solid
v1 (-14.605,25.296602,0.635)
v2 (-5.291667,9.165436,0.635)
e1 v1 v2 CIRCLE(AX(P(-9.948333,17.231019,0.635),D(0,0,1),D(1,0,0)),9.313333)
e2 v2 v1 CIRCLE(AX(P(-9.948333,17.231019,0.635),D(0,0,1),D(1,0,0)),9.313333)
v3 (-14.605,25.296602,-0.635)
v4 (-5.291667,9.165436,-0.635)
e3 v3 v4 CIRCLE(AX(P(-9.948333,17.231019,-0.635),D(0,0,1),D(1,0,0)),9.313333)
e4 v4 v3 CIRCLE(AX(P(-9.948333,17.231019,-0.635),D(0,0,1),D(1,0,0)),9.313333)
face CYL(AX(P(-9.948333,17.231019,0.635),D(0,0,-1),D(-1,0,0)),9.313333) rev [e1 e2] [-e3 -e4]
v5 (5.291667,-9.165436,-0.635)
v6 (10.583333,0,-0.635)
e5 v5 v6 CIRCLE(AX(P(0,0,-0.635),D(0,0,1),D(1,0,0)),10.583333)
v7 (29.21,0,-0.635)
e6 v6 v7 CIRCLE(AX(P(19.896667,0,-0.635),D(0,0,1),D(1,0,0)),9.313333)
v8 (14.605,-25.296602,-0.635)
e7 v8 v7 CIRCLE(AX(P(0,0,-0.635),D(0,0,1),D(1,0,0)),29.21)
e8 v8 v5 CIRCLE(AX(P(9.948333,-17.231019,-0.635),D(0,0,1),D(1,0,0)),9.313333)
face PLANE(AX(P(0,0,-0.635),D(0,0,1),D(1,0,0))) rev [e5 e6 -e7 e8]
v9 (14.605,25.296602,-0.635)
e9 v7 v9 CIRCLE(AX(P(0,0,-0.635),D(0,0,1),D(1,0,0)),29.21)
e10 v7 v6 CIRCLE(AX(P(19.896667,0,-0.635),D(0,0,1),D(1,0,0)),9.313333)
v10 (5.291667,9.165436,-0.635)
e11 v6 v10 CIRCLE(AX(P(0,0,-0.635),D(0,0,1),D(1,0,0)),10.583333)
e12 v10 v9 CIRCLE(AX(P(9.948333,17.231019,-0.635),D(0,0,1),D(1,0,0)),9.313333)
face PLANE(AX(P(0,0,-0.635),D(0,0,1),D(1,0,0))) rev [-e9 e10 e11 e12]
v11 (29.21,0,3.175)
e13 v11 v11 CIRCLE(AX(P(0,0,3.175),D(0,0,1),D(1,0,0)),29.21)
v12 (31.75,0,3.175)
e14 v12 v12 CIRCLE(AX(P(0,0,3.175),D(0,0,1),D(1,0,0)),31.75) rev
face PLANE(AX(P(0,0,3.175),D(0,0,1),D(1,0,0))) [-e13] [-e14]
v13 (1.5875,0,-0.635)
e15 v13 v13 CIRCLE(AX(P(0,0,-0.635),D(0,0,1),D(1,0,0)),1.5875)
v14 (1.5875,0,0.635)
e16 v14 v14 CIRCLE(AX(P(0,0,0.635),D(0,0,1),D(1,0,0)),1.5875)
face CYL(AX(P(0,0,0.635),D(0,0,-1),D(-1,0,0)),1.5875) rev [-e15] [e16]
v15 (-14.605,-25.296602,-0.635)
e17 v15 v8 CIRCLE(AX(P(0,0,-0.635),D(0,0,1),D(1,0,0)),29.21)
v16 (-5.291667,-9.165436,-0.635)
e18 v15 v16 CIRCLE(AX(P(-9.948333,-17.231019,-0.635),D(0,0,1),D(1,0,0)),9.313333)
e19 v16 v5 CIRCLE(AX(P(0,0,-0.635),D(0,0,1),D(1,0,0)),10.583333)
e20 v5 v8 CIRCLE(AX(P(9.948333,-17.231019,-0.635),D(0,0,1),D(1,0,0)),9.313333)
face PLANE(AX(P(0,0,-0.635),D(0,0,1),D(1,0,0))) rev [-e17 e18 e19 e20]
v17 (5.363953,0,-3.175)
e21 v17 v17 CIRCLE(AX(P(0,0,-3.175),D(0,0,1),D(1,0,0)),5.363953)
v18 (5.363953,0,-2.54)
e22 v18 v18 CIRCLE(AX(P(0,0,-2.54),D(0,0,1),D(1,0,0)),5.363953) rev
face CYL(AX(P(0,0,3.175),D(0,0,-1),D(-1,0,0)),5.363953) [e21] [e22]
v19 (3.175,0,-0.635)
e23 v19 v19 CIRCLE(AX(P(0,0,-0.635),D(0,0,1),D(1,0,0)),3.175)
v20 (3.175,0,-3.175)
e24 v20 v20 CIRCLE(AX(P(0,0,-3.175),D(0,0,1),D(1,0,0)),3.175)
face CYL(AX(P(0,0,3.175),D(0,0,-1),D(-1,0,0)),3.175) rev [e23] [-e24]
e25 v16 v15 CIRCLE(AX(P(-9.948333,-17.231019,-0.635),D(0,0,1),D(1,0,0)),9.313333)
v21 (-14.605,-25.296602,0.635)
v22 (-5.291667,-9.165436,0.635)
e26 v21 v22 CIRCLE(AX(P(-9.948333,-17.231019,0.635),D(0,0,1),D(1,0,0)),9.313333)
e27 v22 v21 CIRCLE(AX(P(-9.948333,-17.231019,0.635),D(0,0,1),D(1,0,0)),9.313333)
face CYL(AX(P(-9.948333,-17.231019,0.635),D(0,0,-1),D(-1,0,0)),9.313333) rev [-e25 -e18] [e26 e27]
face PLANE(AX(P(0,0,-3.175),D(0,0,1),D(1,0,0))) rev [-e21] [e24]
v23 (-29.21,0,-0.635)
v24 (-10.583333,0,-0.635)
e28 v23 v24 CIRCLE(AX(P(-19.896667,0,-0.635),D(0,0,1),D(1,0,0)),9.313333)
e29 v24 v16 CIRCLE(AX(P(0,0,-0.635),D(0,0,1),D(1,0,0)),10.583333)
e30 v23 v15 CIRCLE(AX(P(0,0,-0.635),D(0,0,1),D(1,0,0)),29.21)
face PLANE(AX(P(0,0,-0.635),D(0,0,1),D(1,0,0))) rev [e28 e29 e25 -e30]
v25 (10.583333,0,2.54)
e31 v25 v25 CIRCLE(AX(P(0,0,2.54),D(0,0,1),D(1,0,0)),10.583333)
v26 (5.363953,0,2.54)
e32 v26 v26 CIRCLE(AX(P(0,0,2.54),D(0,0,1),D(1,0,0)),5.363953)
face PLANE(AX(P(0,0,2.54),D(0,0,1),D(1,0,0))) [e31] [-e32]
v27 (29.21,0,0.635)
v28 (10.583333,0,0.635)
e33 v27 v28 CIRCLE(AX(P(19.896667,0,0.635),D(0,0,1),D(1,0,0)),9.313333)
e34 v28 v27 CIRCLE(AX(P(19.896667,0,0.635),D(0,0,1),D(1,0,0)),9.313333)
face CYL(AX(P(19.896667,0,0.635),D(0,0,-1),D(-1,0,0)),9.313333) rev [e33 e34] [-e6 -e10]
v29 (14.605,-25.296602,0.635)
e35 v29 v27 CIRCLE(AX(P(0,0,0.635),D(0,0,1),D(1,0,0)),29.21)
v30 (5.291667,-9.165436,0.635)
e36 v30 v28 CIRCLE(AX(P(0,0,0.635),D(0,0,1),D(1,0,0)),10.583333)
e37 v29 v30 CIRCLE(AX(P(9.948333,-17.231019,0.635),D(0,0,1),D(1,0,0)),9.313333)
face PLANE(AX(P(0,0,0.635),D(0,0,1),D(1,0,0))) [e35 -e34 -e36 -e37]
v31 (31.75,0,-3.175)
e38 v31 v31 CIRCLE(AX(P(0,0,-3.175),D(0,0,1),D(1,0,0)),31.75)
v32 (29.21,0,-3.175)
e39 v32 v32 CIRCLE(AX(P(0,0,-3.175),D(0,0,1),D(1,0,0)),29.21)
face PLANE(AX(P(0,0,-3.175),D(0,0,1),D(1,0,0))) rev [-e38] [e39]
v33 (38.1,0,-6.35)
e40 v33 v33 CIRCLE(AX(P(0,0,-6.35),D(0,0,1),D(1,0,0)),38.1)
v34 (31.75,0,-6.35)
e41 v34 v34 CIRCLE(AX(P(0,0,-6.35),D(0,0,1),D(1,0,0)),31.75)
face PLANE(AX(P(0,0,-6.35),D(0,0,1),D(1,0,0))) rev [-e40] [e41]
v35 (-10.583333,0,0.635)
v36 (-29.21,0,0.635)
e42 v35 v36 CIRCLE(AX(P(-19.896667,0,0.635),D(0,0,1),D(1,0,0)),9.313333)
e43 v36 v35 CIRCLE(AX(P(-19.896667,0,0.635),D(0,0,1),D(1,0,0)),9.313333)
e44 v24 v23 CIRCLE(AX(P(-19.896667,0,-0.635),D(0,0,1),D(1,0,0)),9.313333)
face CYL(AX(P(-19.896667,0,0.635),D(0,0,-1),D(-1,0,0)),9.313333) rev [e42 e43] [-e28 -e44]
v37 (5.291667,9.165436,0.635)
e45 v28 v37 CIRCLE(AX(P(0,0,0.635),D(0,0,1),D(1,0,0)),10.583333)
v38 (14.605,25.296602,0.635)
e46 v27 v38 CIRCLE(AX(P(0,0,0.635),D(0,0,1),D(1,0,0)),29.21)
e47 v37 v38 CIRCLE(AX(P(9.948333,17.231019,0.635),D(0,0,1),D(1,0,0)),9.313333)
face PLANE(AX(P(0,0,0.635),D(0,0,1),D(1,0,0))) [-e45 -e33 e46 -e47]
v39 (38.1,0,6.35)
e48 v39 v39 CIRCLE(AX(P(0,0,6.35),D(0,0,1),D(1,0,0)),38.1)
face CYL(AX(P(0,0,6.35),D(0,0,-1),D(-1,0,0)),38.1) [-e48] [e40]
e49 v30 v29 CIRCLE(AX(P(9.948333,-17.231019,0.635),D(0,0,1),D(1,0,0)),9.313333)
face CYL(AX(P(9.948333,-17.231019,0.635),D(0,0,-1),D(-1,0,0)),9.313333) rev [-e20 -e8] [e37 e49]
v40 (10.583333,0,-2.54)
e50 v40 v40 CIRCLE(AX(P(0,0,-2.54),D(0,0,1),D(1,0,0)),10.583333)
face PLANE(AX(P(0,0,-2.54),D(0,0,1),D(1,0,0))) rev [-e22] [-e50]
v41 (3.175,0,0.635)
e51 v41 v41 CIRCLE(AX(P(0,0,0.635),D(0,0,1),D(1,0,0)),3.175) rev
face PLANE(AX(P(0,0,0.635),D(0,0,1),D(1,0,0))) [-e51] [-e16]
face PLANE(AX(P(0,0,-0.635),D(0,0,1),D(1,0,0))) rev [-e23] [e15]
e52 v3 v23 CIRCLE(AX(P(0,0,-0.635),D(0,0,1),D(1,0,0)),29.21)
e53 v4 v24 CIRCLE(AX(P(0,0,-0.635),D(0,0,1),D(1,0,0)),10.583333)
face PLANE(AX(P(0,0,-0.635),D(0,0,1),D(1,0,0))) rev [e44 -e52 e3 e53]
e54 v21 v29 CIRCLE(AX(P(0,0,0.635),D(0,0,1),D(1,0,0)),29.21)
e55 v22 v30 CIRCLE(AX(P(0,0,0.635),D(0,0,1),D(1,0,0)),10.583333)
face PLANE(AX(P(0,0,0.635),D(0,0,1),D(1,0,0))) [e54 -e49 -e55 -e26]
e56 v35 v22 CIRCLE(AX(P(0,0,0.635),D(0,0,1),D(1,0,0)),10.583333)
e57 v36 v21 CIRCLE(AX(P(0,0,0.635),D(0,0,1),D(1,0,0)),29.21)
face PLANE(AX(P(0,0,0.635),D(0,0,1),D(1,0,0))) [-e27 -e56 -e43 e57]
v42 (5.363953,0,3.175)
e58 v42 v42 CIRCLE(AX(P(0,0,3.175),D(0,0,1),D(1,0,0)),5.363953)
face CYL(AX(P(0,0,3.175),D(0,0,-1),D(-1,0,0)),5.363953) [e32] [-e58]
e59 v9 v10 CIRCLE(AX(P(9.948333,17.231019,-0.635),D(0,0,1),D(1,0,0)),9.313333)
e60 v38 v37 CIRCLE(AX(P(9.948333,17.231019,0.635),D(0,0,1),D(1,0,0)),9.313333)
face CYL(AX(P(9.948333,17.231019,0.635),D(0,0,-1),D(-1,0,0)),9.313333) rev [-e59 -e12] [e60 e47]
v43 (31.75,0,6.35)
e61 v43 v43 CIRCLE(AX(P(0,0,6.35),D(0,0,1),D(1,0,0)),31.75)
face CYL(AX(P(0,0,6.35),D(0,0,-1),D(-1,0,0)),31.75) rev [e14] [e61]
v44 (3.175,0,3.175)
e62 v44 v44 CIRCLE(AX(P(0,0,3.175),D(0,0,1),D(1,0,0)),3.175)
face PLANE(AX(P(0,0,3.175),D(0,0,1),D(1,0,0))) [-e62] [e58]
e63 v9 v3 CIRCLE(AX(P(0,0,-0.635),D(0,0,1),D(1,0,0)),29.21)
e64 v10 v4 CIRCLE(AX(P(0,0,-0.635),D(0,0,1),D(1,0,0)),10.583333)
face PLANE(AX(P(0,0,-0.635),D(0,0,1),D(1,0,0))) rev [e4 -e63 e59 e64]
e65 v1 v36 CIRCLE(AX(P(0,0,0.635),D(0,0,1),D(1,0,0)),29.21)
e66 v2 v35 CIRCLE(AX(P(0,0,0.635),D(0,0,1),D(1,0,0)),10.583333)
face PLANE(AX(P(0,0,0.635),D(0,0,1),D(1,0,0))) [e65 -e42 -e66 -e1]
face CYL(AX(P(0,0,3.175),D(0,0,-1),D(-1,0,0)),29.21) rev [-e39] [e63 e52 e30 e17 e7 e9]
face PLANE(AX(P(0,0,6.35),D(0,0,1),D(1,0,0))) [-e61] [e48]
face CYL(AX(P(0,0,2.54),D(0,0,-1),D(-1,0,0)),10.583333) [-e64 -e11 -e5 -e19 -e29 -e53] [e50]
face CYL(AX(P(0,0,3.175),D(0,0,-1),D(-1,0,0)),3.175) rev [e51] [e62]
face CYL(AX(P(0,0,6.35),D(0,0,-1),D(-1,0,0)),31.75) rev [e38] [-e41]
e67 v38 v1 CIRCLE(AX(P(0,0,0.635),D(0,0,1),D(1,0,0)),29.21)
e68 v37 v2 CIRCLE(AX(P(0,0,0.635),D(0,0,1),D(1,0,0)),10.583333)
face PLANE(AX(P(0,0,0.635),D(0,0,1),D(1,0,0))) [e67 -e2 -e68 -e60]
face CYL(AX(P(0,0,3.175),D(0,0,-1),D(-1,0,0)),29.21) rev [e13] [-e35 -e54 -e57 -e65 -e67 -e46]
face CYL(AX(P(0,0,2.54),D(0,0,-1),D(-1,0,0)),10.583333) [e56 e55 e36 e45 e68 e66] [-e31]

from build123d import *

# Parameters (mm, degrees)
SKETCH1_R             = 3.175
SKETCH1_R_2           = 1.5875
BOSS_EXTRUDE1_DEPTH   = 0.635
BOSS_EXTRUDE1_2_DEPTH = 0.635
BOSS_EXTRUDE1_3_DEPTH = 0.635
BOSS_EXTRUDE1_4_DEPTH = 0.635
BOSS_EXTRUDE1_5_DEPTH = 0.635
BOSS_EXTRUDE1_6_DEPTH = 0.635
BOSS_EXTRUDE1_7_DEPTH = 0.635
SKETCH1_3_R           = 31.75
SKETCH1_3_R_2         = 29.21
SKETCH1_3_R_3         = 5.363953164
SKETCH1_3_R_4         = 3.175
BOSS_EXTRUDE2_DEPTH   = 3.175
SKETCH1_4_R           = 5.363953164
BOSS_EXTRUDE4_DEPTH   = 2.54
SKETCH1_5_R           = 38.1
SKETCH1_5_R_2         = 31.75
BOSS_EXTRUDE5_DEPTH   = 6.35


with BuildPart() as part:
    # Sketch1 → Boss-Extrude1 (new, symmetric)
    with BuildSketch(Plane.XY):
        Circle(SKETCH1_R)
        Circle(SKETCH1_R_2, mode=Mode.SUBTRACT)
    extrude(amount=BOSS_EXTRUDE1_DEPTH, both=True)



with BuildPart() as body_2:
    # Sketch1 → Boss-Extrude1 2 (new, symmetric)
    with BuildSketch(Plane.XY):
        with BuildLine():
            ThreePointArc((29.21, 0), (19.896666667, -9.313333333), (10.583333333, 0))
            ThreePointArc((10.583333333, 0), (9.165435588, -5.291666555), (5.29166689, -9.165435395))
            ThreePointArc((5.29166689, -9.165435395), (18.013916746, -12.57435238), (14.604999698, -25.296602219))
            ThreePointArc((14.604999698, -25.296602219), (25.296601957, -14.605000151), (29.21, 0))
        make_face()
    extrude(amount=BOSS_EXTRUDE1_2_DEPTH, both=True)


with BuildPart() as body_3:
    # Sketch1 → Boss-Extrude1 3 (new, symmetric)
    with BuildSketch(Plane.XY):
        with BuildLine():
            ThreePointArc((5.291666671, 9.165435521), (9.165435525, 5.291666665), (10.583333333, 0))
            ThreePointArc((10.583333333, 0), (19.896666667, 9.313333333), (29.21, 0))
            ThreePointArc((29.21, 0), (25.296602069, 14.604999958), (14.605000083, 25.296601997))
            ThreePointArc((14.605000083, 25.296601997), (18.013916571, 12.574352078), (5.291666671, 9.165435521))
        make_face()
    extrude(amount=BOSS_EXTRUDE1_3_DEPTH, both=True)


with BuildPart() as body_4:
    # Sketch1 → Boss-Extrude1 4 (new, symmetric)
    with BuildSketch(Plane.XY):
        with BuildLine():
            ThreePointArc((-5.29166649, 9.165435626), (1.05e-07, 10.583333333), (5.291666671, 9.165435521))
            ThreePointArc((5.291666671, 9.165435521), (1.882750095, 21.88768549), (14.605000083, 25.296601997))
            ThreePointArc((14.605000083, 25.296601997), (8.9e-08, 29.21), (-14.604999928, 25.296602086))
            ThreePointArc((-14.604999928, 25.296602086), (-1.882750103, 21.887685503), (-5.29166649, 9.165435626))
        make_face()
    extrude(amount=BOSS_EXTRUDE1_4_DEPTH, both=True)


with BuildPart() as body_5:
    # Sketch1 → Boss-Extrude1 5 (new, symmetric)
    with BuildSketch(Plane.XY):
        with BuildLine():
            ThreePointArc((14.604999698, -25.296602219), (1.882749921, -21.887685188), (5.29166689, -9.165435395))
            ThreePointArc((5.29166689, -9.165435395), (2.57e-07, -10.583333333), (-5.291666445, -9.165435652))
            ThreePointArc((-5.291666445, -9.165435652), (-1.882750264, -21.887685783), (-14.605000442, -25.29660179))
            ThreePointArc((-14.605000442, -25.29660179), (-4.3e-07, -29.21), (14.604999698, -25.296602219))
        make_face()
    extrude(amount=BOSS_EXTRUDE1_5_DEPTH, both=True)


with BuildPart() as body_6:
    # Sketch1 → Boss-Extrude1 6 (new, symmetric)
    with BuildSketch(Plane.XY):
        with BuildLine():
            ThreePointArc((-10.583333333, 0), (-9.165435472, 5.291666755), (-5.29166649, 9.165435626))
            ThreePointArc((-5.29166649, 9.165435626), (-18.013916563, 12.574352065), (-14.604999928, 25.296602086))
            ThreePointArc((-14.604999928, 25.296602086), (-25.296602013, 14.605000055), (-29.21, 4.3e-08))
            ThreePointArc((-29.21, 4.3e-08), (-19.896666645, 9.313333333), (-10.583333333, 0))
        make_face()
    extrude(amount=BOSS_EXTRUDE1_6_DEPTH, both=True)


with BuildPart() as body_7:
    # Sketch1 → Boss-Extrude1 7 (new, symmetric)
    with BuildSketch(Plane.XY):
        with BuildLine():
            ThreePointArc((-14.605000442, -25.29660179), (-18.013916402, -12.574351785), (-5.291666445, -9.165435652))
            ThreePointArc((-5.291666445, -9.165435652), (-9.165435459, -5.291666778), (-10.583333333, 0))
            ThreePointArc((-10.583333333, 0), (-19.896666688, -9.313333333), (-29.21, 4.3e-08))
            ThreePointArc((-29.21, 4.3e-08), (-25.296602183, -14.60499976), (-14.605000442, -25.29660179))
        make_face()
    extrude(amount=BOSS_EXTRUDE1_7_DEPTH, both=True)


with BuildPart() as part_1:
    add(part.part)

    add(body_4.part)  # Boss-Extrude2 merges body 4

    add(body_7.part)  # Boss-Extrude2 merges body 7

    add(body_2.part)  # Boss-Extrude2 merges body 2
    # Sketch1<3> → Boss-Extrude2 (add, symmetric)
    # profile 1 of 2: a face of its own
    with BuildSketch(Plane.XY):
        Circle(SKETCH1_3_R)
        Circle(SKETCH1_3_R_2, mode=Mode.SUBTRACT)
    # profile 2 of 2: a face of its own
    with BuildSketch(Plane.XY):
        Circle(SKETCH1_3_R_3)
        Circle(SKETCH1_3_R_4, mode=Mode.SUBTRACT)
    extrude(amount=BOSS_EXTRUDE2_DEPTH, both=True)


    add(body_3.part)  # Boss-Extrude4 merges body 3

    add(body_5.part)  # Boss-Extrude4 merges body 5

    add(body_6.part)  # Boss-Extrude4 merges body 6
    # Sketch1<4> → Boss-Extrude4 (add, symmetric)
    with BuildSketch(Plane.XY):
        with BuildLine():
            ThreePointArc((5.29166689, -9.165435395), (9.165435588, -5.291666555), (10.583333333, 0))
            ThreePointArc((10.583333333, 0), (9.165435525, 5.291666665), (5.291666671, 9.165435521))
            ThreePointArc((5.291666671, 9.165435521), (1.05e-07, 10.583333333), (-5.29166649, 9.165435626))
            ThreePointArc((-5.29166649, 9.165435626), (-9.165435472, 5.291666755), (-10.583333333, 0))
            ThreePointArc((-10.583333333, 0), (-9.165435459, -5.291666778), (-5.291666445, -9.165435652))
            ThreePointArc((-5.291666445, -9.165435652), (2.57e-07, -10.583333333), (5.29166689, -9.165435395))
        make_face()
        Circle(SKETCH1_4_R, mode=Mode.SUBTRACT)
    extrude(amount=BOSS_EXTRUDE4_DEPTH, both=True)

    # Sketch1<5> → Boss-Extrude5 (add, symmetric)
    with BuildSketch(Plane.XY):
        Circle(SKETCH1_5_R)
        Circle(SKETCH1_5_R_2, mode=Mode.SUBTRACT)
    extrude(amount=BOSS_EXTRUDE5_DEPTH, both=True)


solid = part_1.part
